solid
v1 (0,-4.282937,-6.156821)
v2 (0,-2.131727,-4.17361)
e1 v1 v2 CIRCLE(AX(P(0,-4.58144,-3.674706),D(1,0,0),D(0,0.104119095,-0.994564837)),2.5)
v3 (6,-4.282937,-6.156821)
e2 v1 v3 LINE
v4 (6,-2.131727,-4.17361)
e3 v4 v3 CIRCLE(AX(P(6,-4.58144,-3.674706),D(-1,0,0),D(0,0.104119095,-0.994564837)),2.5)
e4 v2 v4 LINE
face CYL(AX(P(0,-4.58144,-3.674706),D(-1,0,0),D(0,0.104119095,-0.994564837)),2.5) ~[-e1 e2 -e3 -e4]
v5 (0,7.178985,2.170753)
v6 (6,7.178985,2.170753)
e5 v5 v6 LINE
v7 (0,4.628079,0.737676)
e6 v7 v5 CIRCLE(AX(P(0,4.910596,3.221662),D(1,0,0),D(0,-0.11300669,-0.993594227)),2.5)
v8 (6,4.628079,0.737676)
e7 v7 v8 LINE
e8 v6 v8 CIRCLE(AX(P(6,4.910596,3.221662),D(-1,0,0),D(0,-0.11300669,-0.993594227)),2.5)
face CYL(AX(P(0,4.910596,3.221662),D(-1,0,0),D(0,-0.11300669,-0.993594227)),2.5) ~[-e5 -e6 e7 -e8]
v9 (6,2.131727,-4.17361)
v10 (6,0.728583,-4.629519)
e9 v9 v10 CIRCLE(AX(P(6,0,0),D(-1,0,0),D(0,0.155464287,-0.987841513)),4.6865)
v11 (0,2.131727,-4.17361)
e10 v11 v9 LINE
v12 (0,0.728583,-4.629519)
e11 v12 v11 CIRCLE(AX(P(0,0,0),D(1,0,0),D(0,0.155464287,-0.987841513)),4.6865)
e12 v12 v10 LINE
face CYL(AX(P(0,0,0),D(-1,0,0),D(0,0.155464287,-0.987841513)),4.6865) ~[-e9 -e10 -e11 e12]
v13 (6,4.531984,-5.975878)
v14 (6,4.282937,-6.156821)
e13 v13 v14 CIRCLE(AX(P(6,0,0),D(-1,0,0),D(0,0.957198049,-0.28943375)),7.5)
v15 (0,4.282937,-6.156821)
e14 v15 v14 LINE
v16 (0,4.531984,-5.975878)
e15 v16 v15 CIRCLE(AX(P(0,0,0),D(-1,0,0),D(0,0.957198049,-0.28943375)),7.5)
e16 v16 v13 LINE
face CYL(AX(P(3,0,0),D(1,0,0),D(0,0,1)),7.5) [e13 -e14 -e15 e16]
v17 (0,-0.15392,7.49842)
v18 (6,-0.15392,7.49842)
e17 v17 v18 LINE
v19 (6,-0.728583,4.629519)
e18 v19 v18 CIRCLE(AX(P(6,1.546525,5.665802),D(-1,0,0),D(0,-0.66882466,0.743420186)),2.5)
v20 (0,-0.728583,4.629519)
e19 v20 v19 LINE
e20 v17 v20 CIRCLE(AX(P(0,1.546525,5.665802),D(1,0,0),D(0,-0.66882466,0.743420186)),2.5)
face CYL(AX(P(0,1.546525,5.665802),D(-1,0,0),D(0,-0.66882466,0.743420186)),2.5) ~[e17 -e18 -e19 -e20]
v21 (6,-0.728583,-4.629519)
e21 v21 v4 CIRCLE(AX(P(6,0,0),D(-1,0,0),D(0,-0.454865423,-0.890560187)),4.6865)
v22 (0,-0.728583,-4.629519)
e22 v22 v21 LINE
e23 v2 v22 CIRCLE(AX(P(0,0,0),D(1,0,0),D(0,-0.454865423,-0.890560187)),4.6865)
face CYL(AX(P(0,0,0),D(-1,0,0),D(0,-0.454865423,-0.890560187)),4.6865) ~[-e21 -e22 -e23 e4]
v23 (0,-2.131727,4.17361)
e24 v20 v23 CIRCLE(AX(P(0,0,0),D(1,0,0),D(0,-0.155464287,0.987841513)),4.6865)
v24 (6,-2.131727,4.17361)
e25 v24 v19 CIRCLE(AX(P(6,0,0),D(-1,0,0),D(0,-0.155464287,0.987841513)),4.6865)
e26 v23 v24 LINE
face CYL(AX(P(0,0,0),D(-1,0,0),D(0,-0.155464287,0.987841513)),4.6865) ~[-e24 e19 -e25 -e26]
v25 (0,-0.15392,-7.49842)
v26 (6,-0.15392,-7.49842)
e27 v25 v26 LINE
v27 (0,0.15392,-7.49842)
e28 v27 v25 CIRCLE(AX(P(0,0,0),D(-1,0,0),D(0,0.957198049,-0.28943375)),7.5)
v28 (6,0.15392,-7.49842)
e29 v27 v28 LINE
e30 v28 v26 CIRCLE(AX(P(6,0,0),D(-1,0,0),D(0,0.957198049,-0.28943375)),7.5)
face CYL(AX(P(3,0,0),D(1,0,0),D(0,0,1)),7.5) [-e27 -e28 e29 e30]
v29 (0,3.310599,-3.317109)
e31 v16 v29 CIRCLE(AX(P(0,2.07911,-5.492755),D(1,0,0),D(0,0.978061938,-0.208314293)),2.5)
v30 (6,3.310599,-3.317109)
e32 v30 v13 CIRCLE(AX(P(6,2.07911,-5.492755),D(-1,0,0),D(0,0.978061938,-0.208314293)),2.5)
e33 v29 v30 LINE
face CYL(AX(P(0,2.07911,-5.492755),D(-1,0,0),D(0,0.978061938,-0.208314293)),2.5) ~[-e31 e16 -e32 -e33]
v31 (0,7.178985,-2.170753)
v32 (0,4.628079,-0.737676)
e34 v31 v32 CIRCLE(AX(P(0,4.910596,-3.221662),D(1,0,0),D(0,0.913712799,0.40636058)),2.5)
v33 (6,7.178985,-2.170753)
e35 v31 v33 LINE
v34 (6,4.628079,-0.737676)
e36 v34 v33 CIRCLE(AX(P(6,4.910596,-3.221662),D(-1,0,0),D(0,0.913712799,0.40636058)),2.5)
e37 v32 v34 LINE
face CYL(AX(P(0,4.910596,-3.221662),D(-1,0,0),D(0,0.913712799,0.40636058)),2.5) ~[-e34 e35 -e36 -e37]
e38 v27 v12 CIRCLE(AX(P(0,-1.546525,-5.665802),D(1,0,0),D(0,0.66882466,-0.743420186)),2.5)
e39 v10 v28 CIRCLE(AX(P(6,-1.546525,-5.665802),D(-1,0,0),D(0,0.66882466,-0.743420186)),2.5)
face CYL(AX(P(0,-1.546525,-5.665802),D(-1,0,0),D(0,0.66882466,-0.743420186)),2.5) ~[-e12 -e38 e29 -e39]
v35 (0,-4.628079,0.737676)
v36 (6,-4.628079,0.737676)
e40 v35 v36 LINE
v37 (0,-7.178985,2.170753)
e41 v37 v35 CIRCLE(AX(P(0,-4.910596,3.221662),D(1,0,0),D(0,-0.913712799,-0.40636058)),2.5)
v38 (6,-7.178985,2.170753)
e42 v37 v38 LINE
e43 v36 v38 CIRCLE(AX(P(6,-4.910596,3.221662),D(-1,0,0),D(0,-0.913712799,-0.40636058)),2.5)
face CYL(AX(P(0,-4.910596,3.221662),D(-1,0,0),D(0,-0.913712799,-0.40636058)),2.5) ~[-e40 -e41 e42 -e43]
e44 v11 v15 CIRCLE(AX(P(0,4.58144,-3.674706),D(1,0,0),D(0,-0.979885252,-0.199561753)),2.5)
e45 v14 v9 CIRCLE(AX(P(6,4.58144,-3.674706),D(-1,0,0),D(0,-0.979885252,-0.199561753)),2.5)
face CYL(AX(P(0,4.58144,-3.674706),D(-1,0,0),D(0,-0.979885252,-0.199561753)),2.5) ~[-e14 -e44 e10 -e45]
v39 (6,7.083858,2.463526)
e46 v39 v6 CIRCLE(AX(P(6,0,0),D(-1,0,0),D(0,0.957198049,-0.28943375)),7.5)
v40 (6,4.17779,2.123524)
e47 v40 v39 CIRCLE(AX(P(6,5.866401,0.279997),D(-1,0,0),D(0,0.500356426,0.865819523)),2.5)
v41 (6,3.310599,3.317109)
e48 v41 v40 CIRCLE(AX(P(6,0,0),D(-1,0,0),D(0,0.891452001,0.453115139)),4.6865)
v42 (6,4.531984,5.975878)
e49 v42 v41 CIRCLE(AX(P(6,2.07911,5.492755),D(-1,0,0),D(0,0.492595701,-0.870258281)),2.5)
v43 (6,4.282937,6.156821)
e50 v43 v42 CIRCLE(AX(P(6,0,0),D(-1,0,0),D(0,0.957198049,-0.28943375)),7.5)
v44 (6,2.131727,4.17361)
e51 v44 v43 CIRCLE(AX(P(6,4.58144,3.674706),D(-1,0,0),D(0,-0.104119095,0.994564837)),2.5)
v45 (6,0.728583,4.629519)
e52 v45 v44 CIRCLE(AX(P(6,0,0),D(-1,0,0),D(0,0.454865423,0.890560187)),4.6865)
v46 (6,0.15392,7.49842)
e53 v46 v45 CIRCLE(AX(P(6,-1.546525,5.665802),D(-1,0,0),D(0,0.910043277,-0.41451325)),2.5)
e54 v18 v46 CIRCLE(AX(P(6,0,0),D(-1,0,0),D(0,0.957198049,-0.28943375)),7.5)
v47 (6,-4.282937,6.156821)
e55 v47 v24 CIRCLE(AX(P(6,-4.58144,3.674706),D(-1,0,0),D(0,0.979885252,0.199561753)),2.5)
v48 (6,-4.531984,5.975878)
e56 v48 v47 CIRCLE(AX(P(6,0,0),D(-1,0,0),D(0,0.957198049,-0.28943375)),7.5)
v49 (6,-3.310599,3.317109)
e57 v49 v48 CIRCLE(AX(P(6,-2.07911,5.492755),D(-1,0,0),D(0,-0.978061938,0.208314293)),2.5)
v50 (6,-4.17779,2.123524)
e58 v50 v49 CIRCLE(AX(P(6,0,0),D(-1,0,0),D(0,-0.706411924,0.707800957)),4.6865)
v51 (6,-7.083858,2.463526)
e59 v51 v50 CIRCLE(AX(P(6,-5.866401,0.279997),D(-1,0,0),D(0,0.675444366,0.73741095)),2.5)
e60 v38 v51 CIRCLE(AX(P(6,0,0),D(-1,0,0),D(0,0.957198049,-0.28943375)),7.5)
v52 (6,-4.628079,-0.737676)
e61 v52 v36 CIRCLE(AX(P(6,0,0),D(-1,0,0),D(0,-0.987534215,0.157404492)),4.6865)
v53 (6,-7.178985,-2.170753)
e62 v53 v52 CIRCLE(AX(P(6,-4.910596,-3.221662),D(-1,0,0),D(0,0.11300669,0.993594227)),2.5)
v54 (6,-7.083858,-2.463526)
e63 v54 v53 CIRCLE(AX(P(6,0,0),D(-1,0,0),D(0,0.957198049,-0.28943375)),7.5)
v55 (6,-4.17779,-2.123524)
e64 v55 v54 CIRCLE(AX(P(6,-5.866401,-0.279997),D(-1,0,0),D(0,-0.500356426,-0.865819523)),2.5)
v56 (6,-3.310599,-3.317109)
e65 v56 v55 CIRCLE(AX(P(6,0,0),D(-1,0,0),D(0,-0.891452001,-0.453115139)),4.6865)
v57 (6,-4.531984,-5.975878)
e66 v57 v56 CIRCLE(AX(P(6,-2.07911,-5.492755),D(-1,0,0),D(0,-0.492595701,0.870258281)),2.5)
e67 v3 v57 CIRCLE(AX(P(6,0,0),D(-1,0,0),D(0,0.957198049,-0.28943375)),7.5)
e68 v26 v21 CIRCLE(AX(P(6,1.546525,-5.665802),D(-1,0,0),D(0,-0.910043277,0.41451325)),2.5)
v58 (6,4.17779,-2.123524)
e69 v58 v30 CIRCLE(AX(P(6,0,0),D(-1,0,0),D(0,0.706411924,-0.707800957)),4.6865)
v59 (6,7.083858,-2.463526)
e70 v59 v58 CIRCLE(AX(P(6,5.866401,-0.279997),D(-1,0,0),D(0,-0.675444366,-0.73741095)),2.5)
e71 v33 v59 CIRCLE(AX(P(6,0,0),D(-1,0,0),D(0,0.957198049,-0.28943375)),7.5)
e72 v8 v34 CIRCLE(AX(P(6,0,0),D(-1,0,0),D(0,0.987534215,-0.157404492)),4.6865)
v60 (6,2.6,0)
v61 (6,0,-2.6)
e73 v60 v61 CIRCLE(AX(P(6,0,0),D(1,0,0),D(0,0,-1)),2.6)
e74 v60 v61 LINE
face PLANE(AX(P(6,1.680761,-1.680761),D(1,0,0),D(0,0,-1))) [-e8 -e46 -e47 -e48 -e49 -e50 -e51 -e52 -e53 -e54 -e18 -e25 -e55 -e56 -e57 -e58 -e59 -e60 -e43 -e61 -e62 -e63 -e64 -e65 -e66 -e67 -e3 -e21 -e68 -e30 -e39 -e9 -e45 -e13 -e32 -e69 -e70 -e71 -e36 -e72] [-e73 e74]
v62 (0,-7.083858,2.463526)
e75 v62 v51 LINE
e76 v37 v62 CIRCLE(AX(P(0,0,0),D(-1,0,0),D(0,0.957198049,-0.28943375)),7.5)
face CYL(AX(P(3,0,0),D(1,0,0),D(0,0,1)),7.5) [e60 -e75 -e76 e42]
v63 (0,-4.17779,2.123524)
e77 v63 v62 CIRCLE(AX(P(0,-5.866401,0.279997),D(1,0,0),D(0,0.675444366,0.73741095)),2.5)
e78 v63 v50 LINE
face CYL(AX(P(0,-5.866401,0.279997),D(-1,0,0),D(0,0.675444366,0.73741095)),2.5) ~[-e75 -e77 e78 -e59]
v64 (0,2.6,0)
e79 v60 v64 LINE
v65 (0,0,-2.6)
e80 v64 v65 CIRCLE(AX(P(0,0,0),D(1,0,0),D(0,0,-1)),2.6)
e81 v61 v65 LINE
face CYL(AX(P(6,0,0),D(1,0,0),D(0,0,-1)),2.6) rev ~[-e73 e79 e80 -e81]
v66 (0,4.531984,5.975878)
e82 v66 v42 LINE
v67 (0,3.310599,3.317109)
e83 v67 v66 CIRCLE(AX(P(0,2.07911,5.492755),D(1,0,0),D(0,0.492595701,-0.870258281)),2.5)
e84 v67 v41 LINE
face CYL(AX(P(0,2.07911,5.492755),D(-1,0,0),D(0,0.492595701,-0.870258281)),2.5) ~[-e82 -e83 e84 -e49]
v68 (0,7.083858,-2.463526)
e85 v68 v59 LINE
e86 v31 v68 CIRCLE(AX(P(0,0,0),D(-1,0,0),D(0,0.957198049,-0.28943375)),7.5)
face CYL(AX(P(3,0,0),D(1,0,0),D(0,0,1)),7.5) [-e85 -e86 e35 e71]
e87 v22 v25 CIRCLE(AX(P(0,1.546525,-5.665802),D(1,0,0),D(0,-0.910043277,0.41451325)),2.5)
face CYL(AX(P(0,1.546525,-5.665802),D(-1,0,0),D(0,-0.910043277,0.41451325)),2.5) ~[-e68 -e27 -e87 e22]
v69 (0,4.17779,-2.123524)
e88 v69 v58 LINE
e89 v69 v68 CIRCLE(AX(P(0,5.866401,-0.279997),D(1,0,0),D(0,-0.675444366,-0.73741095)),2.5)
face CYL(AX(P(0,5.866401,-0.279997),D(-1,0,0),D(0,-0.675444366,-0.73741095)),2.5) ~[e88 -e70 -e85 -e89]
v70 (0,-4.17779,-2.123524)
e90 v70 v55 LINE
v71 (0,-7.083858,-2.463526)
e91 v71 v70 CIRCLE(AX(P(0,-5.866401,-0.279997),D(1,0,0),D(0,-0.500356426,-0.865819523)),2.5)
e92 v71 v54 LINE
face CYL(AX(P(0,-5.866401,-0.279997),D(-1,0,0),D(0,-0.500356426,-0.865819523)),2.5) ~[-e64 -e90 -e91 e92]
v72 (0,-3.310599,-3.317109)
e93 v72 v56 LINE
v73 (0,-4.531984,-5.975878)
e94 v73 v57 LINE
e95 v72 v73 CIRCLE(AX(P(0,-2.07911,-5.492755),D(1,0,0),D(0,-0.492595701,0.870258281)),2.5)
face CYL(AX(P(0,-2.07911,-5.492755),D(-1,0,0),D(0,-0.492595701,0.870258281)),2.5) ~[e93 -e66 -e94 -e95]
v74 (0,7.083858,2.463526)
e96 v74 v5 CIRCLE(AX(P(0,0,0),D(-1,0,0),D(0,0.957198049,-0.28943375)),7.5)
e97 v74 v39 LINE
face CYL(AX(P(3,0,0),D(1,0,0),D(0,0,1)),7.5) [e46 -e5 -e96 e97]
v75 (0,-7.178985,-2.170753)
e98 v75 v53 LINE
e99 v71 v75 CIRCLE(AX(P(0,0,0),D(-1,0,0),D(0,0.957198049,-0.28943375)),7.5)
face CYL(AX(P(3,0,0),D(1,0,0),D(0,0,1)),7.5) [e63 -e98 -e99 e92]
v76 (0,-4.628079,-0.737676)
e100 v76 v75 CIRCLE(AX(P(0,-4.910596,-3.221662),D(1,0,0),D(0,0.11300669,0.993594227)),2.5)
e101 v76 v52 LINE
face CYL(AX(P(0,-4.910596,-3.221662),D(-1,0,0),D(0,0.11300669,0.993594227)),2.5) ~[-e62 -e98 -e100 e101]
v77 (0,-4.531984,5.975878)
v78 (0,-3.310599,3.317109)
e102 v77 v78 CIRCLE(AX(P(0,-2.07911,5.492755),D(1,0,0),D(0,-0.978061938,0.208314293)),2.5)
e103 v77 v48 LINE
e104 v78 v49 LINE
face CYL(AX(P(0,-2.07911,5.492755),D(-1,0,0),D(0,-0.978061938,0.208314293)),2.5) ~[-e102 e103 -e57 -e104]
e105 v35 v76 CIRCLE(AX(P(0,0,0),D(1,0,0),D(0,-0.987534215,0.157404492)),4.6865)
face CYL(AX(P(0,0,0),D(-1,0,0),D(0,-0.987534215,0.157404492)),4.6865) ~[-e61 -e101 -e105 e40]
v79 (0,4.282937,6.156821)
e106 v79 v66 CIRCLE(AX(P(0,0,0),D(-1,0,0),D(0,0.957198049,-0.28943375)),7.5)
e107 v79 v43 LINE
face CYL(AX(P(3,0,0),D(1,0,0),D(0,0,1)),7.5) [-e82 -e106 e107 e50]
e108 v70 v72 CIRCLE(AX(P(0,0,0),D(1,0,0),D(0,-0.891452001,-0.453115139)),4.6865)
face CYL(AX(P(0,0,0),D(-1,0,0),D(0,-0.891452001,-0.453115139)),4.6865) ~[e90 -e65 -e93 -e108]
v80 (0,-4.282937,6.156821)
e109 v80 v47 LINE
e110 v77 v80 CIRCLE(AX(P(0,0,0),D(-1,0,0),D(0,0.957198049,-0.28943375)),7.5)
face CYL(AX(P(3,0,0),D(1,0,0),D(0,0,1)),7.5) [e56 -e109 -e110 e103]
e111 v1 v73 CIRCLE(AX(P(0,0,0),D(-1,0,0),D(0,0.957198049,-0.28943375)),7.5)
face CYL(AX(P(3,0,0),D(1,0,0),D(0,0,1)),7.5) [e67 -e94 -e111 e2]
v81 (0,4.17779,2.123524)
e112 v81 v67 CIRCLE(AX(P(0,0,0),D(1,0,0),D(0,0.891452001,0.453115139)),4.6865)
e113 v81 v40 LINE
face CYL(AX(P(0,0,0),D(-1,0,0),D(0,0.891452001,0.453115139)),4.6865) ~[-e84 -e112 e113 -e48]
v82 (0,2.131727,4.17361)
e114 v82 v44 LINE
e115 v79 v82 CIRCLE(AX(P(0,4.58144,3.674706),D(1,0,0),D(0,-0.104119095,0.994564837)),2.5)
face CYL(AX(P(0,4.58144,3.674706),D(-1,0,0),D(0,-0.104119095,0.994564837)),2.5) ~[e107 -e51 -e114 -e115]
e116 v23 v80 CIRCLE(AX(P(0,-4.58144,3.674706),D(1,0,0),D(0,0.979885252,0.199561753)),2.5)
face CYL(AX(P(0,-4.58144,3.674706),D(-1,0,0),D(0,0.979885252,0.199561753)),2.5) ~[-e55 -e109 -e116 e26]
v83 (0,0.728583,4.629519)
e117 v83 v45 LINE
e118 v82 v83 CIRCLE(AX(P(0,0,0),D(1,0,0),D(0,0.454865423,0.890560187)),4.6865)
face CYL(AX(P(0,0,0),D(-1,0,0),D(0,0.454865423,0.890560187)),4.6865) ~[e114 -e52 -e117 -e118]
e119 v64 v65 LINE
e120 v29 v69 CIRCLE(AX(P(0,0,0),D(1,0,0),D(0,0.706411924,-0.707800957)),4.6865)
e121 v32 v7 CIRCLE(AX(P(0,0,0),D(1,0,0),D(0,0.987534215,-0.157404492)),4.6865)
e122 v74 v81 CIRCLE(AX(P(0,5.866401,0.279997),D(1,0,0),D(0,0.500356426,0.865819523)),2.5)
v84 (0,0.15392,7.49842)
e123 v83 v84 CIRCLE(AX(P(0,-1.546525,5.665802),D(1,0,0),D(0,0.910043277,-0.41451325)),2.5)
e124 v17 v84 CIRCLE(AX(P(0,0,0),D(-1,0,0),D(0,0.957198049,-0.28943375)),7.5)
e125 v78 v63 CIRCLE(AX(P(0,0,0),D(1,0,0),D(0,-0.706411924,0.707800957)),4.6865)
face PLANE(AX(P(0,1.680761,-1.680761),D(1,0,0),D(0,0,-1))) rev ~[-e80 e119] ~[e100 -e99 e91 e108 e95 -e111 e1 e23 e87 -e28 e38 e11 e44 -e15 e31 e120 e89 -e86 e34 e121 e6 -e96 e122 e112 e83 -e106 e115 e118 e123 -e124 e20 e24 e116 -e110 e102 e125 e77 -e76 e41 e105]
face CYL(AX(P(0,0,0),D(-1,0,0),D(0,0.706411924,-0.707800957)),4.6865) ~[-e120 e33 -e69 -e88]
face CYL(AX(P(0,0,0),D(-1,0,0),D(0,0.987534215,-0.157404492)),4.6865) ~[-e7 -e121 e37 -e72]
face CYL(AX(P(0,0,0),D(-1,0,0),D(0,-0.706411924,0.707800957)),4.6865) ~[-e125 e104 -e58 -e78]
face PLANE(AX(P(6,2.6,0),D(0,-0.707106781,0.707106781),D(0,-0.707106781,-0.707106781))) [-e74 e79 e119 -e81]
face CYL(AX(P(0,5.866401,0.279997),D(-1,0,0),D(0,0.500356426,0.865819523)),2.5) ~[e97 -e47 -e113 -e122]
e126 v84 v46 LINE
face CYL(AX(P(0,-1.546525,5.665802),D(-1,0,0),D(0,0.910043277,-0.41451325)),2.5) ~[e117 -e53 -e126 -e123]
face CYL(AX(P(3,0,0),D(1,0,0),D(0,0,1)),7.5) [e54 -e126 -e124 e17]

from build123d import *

# Parameters (mm, degrees)
BASPROSKE_W         = 6
BASPROSKE_H         = 7.5
TOOTHCUT_DEPTH      = 13.186057607
TEETHCUTS_COUNT     = 10
TEETHCUTS_ANGLE     = 324
BORSKE_R            = 2.5
BORE_DEPTH          = 50.0000508
SKETCH1_R           = 2.6
CUT_EXTRUDE1_DEPTH  = 12.991156361
BOSS_EXTRUDE1_DEPTH = 6


with BuildPart() as part:
    # BasProSke → Base-Revolve (revolve)
    with BuildSketch(Plane(origin=(0, 0, 0), x_dir=(1, 0, 0), z_dir=(0, 1, 0)), mode=Mode.PRIVATE) as base_revolve_sk:
        with Locations((3, 3.75)):
            Rectangle(BASPROSKE_W, BASPROSKE_H)
    revolve(base_revolve_sk.sketch.rotate(Axis((-10, 0, 0), (1, 0, 0)), 180), axis=Axis((-10, 0, 0), (1, 0, 0)))

    # TooCutSke → ToothCut (cut, through all)
    with BuildSketch(Plane(origin=(0, 0, 0), x_dir=(0, 0, -1), z_dir=(1, 0, 0))):
        with BuildLine():
            ThreePointArc((0.737676151, 4.628079099), (0, 4.6865), (-0.737676151, 4.628079099))
            ThreePointArc((-0.737676151, 4.628079099), (-1.051542781, 6.151798382), (-2.205760267, 7.194877817))
            ThreePointArc((-2.205760267, 7.194877817), (0, 7.5254), (2.205760267, 7.194877817))
            ThreePointArc((2.205760267, 7.194877817), (1.051542781, 6.151798382), (0.737676151, 4.628079099))
        make_face()
    toothcut = extrude(amount=TOOTHCUT_DEPTH, mode=Mode.SUBTRACT)

    # TeethCuts: ToothCut ×10 about axis
    teethcuts_axis = Axis((-10, 0, 0), (1, 0, 0))
    for i in range(1, TEETHCUTS_COUNT):
        add(toothcut.rotate(teethcuts_axis, i * TEETHCUTS_ANGLE / (TEETHCUTS_COUNT - 1)), mode=Mode.SUBTRACT)

    # BorSke → Bore (cut, symmetric)
    with BuildSketch(Plane(origin=(0, 0, 0), x_dir=(0, 0, -1), z_dir=(1, 0, 0))):
        with Locations(Location((0, 0, 0), (0, 0, 180))):
            Circle(BORSKE_R)
    extrude(amount=BORE_DEPTH, both=True, mode=Mode.SUBTRACT)

    # Sketch1 → Cut-Extrude1 (cut, through all)
    with BuildSketch(Plane(origin=(6, 0, 0), x_dir=(0, 0, -1), z_dir=(1, 0, 0))):
        Circle(SKETCH1_R)
    extrude(amount=-CUT_EXTRUDE1_DEPTH, mode=Mode.SUBTRACT)

    # Sketch2 → Boss-Extrude1 (add)
    with BuildSketch(Plane(origin=(6, 0, 0), x_dir=(0, 0, -1), z_dir=(1, 0, 0))):
        Polygon((0, 2.6), (2.6, 0), (2.6, 2.6), align=None)
    extrude(amount=-BOSS_EXTRUDE1_DEPTH)


solid = part.part
